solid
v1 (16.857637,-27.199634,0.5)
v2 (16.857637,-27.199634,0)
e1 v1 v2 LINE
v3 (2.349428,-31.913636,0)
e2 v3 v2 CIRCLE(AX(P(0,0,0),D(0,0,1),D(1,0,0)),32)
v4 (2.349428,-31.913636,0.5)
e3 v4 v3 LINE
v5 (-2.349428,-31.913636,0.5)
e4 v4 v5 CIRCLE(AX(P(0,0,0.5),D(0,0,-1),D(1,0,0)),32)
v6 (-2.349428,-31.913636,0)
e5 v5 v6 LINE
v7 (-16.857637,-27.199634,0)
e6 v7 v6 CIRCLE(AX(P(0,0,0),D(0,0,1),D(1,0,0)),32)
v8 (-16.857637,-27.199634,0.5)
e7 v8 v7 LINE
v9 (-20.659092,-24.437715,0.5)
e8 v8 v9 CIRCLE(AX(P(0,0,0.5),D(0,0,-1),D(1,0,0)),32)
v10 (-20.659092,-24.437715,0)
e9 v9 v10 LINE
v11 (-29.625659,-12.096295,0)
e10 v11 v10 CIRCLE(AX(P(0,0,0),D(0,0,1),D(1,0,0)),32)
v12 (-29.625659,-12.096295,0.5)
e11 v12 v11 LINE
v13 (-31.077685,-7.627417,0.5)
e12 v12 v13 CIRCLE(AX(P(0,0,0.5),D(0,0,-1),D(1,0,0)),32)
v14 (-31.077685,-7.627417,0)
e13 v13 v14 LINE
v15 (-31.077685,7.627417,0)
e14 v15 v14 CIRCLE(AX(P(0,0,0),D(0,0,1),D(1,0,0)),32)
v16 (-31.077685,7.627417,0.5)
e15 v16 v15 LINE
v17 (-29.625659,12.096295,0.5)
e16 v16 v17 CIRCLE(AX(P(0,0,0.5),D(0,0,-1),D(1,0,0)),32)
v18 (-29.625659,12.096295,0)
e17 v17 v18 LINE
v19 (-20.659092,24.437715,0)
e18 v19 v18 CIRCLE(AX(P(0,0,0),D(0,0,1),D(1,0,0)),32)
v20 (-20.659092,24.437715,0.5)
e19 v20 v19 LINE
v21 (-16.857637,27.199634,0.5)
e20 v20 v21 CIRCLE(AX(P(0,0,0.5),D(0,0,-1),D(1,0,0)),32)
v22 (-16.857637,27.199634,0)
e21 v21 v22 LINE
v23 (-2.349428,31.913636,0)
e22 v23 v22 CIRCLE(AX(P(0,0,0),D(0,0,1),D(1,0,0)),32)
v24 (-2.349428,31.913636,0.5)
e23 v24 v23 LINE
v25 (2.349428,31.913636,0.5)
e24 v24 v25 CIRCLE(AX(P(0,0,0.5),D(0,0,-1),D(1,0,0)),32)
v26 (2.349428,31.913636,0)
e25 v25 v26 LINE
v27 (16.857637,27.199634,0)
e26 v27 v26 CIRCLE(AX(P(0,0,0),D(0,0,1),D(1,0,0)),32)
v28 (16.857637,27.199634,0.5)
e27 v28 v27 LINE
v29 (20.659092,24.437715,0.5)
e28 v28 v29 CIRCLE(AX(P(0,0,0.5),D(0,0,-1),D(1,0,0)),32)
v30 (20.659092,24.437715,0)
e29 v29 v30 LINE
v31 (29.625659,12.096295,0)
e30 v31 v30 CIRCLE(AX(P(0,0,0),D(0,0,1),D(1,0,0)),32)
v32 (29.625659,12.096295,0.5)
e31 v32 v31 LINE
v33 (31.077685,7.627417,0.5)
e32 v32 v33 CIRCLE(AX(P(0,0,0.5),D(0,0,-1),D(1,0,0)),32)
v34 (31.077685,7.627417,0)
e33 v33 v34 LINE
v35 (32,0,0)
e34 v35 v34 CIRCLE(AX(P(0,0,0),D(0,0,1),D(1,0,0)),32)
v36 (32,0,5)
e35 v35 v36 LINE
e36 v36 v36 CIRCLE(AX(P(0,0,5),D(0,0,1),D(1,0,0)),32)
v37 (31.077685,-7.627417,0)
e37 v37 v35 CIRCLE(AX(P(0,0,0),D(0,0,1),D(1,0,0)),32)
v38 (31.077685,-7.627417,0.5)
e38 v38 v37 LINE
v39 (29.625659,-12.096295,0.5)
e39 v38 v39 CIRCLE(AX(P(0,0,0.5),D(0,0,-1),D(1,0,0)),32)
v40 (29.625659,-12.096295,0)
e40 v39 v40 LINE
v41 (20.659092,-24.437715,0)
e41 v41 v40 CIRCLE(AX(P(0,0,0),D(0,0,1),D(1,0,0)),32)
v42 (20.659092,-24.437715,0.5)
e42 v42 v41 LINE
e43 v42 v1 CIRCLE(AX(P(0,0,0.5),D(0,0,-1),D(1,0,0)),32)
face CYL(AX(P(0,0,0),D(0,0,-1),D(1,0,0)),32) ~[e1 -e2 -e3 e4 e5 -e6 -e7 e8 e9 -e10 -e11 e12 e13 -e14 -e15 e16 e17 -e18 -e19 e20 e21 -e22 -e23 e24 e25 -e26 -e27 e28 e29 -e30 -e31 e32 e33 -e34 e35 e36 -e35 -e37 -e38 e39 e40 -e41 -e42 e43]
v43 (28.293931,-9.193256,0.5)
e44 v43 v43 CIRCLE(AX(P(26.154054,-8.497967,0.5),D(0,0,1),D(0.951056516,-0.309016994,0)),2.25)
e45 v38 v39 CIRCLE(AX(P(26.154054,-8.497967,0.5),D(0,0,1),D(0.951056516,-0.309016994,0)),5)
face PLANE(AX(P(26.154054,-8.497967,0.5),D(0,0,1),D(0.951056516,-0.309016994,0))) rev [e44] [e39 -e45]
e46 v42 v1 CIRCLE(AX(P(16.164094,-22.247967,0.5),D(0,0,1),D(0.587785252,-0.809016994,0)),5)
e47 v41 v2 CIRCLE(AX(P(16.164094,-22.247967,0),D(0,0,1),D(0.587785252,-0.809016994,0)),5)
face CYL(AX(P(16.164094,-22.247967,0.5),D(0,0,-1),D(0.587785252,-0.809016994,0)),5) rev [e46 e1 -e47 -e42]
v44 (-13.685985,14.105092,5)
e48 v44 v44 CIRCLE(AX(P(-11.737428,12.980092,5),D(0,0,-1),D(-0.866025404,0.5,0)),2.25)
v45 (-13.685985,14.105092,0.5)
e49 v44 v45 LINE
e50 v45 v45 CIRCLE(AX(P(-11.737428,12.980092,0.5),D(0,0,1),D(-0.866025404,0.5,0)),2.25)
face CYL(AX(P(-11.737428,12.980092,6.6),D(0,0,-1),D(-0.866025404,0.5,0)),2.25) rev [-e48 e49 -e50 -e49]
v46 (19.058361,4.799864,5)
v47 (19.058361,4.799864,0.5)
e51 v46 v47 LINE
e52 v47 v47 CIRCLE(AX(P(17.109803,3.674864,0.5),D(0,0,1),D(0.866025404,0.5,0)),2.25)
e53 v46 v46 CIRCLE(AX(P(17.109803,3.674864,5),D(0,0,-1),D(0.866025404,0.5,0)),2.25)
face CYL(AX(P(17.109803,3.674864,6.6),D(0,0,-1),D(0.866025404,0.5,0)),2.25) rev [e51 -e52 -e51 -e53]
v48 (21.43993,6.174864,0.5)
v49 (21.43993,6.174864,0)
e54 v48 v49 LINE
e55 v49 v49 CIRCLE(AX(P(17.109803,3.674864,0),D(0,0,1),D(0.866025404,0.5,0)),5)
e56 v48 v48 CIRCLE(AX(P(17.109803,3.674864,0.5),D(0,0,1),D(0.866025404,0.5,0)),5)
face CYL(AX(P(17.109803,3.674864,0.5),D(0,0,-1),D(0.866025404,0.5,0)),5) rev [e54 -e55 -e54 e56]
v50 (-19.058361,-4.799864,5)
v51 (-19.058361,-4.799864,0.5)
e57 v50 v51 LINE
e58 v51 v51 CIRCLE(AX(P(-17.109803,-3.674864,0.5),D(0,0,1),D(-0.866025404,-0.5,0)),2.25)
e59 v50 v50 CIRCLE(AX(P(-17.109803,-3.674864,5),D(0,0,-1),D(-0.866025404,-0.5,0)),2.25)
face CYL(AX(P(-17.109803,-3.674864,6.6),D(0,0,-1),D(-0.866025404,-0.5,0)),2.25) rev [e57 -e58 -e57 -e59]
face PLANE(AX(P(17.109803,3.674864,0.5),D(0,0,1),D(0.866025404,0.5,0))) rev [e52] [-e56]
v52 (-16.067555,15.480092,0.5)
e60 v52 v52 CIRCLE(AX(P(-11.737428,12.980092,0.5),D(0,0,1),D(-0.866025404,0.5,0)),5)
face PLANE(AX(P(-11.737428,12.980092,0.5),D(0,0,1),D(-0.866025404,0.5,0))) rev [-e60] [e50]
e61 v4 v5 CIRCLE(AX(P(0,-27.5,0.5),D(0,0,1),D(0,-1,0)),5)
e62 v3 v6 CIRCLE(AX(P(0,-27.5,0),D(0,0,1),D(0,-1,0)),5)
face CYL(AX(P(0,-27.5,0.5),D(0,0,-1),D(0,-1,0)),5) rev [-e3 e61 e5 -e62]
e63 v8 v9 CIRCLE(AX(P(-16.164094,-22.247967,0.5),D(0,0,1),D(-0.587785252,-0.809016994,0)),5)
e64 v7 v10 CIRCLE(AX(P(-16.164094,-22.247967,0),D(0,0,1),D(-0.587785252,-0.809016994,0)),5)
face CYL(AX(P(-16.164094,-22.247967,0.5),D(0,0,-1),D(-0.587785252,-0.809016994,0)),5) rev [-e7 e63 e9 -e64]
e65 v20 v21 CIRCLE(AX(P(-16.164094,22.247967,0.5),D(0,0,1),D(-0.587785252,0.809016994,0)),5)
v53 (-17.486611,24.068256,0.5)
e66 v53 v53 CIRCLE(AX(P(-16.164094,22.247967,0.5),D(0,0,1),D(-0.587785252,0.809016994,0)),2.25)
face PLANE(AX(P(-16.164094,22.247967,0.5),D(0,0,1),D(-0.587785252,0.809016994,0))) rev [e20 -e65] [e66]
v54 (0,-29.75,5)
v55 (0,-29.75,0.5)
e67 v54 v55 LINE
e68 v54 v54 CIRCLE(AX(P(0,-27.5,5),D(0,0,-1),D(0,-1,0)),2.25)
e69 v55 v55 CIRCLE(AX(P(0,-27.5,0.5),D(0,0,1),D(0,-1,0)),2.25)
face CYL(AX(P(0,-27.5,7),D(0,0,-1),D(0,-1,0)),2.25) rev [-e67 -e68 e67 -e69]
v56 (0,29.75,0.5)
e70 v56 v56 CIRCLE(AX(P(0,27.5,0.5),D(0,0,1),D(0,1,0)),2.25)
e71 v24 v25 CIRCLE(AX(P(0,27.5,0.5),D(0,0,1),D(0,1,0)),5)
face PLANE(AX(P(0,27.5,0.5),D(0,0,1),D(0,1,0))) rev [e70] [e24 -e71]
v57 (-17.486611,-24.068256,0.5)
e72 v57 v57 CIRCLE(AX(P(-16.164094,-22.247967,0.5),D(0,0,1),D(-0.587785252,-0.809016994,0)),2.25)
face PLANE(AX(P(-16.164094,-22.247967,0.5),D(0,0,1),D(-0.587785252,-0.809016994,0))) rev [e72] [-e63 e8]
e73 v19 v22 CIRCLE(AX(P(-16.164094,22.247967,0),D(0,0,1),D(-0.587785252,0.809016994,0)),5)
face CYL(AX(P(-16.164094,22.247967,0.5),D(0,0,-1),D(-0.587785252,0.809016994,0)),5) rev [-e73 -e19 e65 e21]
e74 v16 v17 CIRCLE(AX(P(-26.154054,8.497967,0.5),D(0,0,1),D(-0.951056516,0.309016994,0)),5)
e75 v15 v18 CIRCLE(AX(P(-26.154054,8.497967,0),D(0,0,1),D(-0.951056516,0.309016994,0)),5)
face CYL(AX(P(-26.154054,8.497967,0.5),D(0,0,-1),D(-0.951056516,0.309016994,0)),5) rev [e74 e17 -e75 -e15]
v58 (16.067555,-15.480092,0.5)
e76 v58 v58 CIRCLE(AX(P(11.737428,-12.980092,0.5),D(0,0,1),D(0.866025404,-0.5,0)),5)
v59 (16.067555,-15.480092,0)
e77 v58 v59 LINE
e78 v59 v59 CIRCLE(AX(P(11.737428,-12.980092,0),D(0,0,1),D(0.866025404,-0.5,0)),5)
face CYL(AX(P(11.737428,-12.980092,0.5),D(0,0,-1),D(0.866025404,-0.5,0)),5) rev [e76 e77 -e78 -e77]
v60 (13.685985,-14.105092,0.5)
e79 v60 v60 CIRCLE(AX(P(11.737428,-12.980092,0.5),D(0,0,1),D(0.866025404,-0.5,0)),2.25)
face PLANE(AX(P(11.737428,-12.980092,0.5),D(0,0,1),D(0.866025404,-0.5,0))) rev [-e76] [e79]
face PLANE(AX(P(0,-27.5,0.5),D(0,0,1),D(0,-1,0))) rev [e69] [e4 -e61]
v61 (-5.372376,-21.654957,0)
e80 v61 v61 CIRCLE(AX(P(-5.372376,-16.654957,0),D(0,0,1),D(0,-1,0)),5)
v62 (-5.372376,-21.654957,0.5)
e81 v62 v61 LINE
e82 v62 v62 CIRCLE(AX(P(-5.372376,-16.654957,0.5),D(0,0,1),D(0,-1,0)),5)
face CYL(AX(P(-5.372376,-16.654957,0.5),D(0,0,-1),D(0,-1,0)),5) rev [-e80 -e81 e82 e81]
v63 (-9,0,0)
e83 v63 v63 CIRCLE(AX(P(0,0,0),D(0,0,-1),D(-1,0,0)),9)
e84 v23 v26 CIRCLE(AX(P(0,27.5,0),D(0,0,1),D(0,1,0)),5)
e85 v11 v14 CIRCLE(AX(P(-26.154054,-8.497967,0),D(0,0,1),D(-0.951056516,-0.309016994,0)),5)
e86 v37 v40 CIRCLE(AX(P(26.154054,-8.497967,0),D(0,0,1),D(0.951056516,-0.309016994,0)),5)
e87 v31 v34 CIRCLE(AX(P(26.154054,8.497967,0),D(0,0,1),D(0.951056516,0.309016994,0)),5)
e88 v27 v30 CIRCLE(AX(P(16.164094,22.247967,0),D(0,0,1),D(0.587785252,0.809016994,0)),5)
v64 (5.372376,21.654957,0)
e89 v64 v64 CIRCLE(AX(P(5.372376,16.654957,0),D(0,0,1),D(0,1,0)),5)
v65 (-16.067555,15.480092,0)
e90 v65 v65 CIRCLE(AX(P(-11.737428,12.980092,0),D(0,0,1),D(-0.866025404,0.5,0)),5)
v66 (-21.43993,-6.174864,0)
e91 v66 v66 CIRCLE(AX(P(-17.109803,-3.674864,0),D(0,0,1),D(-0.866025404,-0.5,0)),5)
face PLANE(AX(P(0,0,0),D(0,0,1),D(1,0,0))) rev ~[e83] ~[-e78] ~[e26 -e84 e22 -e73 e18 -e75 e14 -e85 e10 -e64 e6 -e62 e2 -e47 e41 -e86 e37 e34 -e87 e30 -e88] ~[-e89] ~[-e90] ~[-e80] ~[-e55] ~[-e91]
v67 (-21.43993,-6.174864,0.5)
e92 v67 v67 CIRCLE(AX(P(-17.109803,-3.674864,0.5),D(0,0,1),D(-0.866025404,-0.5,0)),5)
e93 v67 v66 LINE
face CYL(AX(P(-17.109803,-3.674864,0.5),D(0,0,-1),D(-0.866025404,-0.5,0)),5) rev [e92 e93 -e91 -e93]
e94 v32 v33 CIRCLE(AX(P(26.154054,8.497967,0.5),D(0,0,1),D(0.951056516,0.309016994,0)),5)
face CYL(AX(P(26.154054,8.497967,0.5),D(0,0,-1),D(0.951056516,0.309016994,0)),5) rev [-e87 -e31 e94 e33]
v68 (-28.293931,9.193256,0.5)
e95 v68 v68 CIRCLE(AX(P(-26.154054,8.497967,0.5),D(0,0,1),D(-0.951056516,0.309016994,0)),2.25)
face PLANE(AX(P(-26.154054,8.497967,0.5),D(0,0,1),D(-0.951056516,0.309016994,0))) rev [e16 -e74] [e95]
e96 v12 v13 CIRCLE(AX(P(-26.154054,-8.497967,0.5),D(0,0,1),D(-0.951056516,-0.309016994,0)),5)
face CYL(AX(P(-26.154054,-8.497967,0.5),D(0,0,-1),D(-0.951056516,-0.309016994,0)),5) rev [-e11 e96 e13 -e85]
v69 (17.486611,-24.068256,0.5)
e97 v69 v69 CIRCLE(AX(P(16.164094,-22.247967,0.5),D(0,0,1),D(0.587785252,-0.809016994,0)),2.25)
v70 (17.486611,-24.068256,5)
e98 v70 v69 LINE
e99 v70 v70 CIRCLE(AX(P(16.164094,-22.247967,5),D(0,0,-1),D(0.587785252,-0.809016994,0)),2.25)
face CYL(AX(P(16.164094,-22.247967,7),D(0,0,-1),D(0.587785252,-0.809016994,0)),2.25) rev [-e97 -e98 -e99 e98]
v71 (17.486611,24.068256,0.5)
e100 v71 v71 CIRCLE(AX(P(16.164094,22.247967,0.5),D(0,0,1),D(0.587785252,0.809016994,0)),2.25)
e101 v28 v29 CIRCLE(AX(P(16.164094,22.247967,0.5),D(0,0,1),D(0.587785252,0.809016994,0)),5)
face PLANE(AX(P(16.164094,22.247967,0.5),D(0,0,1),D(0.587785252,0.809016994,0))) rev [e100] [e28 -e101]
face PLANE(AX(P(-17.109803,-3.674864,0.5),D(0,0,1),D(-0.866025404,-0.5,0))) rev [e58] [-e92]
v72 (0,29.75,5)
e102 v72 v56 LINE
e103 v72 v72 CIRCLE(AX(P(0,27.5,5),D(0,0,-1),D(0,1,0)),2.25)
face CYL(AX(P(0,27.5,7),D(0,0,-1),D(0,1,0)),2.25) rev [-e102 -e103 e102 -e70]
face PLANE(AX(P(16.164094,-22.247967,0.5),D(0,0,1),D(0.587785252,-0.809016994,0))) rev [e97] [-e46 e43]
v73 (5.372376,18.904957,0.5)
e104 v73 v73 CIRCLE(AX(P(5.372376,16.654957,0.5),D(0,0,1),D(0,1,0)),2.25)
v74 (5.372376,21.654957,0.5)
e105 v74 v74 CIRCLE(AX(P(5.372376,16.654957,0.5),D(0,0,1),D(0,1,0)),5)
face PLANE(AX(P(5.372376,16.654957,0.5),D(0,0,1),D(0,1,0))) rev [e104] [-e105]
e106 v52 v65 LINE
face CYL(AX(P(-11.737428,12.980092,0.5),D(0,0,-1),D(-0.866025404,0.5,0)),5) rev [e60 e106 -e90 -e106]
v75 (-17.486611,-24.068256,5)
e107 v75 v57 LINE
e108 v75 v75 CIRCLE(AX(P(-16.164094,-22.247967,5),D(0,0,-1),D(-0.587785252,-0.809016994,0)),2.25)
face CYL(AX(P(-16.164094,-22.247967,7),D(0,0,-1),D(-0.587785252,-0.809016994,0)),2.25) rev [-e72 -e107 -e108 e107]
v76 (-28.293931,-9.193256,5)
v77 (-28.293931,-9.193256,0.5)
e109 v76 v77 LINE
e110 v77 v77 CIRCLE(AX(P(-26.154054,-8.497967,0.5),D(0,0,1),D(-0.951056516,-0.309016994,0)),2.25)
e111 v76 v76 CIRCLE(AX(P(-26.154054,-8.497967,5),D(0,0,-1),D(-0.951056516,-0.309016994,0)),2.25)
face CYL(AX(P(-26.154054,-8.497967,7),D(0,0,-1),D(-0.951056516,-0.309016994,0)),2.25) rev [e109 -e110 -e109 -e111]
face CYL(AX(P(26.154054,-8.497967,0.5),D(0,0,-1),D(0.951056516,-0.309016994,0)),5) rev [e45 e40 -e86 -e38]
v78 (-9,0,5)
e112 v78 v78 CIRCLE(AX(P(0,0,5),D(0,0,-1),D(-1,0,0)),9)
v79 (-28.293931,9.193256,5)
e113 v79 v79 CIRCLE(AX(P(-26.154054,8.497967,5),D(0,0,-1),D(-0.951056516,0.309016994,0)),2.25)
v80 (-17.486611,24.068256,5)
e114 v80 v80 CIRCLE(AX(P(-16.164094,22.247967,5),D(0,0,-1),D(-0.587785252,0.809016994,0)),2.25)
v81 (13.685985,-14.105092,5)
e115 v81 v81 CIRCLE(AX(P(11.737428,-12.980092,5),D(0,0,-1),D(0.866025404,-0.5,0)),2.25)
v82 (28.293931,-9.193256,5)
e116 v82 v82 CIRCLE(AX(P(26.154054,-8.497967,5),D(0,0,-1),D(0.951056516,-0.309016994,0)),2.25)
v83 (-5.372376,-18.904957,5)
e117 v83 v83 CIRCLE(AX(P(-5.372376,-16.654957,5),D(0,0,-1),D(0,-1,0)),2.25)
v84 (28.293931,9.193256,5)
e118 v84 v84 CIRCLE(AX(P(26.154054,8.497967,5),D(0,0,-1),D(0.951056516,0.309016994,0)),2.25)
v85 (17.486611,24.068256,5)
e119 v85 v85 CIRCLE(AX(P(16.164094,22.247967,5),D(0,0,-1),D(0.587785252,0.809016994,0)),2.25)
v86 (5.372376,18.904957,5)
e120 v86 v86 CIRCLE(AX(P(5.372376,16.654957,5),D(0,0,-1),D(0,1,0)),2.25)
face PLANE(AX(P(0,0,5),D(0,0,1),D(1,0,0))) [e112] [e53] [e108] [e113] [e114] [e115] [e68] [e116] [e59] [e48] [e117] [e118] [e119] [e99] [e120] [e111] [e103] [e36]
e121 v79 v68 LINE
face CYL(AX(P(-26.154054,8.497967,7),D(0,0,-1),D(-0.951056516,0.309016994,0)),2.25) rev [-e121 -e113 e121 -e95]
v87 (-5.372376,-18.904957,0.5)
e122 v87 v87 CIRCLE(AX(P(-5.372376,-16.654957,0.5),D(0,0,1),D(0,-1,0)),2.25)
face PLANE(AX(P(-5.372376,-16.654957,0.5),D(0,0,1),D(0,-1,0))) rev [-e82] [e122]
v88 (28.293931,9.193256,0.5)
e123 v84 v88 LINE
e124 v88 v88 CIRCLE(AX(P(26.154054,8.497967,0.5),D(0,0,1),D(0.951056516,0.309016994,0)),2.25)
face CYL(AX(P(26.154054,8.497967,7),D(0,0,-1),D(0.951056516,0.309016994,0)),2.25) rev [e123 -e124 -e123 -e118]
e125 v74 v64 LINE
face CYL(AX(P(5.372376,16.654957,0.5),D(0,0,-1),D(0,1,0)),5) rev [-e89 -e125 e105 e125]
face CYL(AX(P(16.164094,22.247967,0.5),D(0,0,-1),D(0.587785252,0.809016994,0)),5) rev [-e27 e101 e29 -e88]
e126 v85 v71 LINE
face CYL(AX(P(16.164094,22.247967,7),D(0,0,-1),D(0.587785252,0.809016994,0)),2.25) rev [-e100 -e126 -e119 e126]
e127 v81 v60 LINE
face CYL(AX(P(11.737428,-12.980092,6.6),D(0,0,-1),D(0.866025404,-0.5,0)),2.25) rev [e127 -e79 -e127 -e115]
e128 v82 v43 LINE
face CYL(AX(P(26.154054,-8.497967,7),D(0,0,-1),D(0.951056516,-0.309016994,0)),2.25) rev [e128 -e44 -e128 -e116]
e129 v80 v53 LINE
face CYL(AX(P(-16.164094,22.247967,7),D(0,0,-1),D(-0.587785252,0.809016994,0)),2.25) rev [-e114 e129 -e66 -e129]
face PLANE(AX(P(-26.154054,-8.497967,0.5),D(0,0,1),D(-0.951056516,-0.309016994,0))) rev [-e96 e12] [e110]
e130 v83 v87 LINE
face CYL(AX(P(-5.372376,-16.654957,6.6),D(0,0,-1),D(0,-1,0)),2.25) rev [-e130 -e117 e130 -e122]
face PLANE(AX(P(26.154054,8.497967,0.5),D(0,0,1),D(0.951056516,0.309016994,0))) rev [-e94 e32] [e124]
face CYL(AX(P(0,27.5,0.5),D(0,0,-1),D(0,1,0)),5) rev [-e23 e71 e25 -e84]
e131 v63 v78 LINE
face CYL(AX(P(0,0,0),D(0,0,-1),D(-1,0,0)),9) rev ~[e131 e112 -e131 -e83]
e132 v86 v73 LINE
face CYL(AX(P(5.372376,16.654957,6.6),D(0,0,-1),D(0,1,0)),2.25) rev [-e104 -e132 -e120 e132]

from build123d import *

# Parameters (mm, degrees)
SKETCH_1_R               = 32
EXTRUDE_1_DEPTH          = 5
CUT_EXTRUDE_1_REACH      = 47.53
SKETCH_3_R               = 9
PATTERN_CIRCULAR_1_COUNT = 10
PATTERN_CIRCULAR_2_COUNT = 6


with BuildPart() as part:
    # 草图1 → 凸台-拉伸1 (new body)
    with BuildSketch(Plane.XY):
        Circle(SKETCH_1_R)
    extrude(amount=EXTRUDE_1_DEPTH)

    # 草图3 → 切除-拉伸1 (cut, up to next)
    with BuildSketch(Plane(origin=(0, 0, 0), x_dir=(-1, 0, 0), z_dir=(0, 0, -1)), mode=Mode.PRIVATE) as cut_extrude_1_sk1:
        Circle(SKETCH_3_R)
    cut_extrude_1_tool1 = extrude(cut_extrude_1_sk1.sketch, amount=-CUT_EXTRUDE_1_REACH, mode=Mode.PRIVATE) & part.part
    add(cut_extrude_1_tool1.solids().sort_by_distance((0, 0, 0))[0], mode=Mode.SUBTRACT)

    # 草图5 → 打孔尺寸(%根据六角头螺)栓 全螺纹的类型1 (revolve, cut)
    with BuildSketch(Plane(origin=(0, 27.5, 0), x_dir=(0, 1, 0), z_dir=(1, 0, 0))):
        Polygon((0, 0), (0, 8.351936393), (2.25, 7), (2.25, 0.5), (5, 0.5), (5, 0), align=None)
    hole_wizard_1 = revolve(axis=Axis((0, 27.5, -6.35), (0, 0, 1)), mode=Mode.SUBTRACT)

    # 阵列(圆周)1: 打孔尺寸(%根据六角头螺)栓 全螺纹的类型1 ×10 about axis
    pattern_circular_1_axis = Axis((0, 0, 5), (0, 0, -1))
    for i in range(1, PATTERN_CIRCULAR_1_COUNT):
        add(hole_wizard_1.rotate(pattern_circular_1_axis, i * 360 / PATTERN_CIRCULAR_1_COUNT), mode=Mode.SUBTRACT)

    # 草图10 → 打孔尺寸(%根据六角头螺)栓 全螺纹的类型2 (revolve, cut)
    with BuildSketch(Plane(origin=(5.372375851, 16.654956551, 0), x_dir=(0, 1, 0), z_dir=(1, 0, 0))):
        Polygon((0, 0), (0, 7.951936393), (2.25, 6.6), (2.25, 0.5), (5, 0.5), (5, 0), align=None)
    hole_wizard_2 = revolve(axis=Axis((5.372375851, 16.654956551, -6.35), (0, 0, 1)), mode=Mode.SUBTRACT)

    # 阵列(圆周)2: 打孔尺寸(%根据六角头螺)栓 全螺纹的类型2 ×6 about axis
    pattern_circular_2_axis = Axis((0, 0, 5), (0, 0, -1))
    for i in range(1, PATTERN_CIRCULAR_2_COUNT):
        add(hole_wizard_2.rotate(pattern_circular_2_axis, i * 360 / PATTERN_CIRCULAR_2_COUNT), mode=Mode.SUBTRACT)


solid = part.part
